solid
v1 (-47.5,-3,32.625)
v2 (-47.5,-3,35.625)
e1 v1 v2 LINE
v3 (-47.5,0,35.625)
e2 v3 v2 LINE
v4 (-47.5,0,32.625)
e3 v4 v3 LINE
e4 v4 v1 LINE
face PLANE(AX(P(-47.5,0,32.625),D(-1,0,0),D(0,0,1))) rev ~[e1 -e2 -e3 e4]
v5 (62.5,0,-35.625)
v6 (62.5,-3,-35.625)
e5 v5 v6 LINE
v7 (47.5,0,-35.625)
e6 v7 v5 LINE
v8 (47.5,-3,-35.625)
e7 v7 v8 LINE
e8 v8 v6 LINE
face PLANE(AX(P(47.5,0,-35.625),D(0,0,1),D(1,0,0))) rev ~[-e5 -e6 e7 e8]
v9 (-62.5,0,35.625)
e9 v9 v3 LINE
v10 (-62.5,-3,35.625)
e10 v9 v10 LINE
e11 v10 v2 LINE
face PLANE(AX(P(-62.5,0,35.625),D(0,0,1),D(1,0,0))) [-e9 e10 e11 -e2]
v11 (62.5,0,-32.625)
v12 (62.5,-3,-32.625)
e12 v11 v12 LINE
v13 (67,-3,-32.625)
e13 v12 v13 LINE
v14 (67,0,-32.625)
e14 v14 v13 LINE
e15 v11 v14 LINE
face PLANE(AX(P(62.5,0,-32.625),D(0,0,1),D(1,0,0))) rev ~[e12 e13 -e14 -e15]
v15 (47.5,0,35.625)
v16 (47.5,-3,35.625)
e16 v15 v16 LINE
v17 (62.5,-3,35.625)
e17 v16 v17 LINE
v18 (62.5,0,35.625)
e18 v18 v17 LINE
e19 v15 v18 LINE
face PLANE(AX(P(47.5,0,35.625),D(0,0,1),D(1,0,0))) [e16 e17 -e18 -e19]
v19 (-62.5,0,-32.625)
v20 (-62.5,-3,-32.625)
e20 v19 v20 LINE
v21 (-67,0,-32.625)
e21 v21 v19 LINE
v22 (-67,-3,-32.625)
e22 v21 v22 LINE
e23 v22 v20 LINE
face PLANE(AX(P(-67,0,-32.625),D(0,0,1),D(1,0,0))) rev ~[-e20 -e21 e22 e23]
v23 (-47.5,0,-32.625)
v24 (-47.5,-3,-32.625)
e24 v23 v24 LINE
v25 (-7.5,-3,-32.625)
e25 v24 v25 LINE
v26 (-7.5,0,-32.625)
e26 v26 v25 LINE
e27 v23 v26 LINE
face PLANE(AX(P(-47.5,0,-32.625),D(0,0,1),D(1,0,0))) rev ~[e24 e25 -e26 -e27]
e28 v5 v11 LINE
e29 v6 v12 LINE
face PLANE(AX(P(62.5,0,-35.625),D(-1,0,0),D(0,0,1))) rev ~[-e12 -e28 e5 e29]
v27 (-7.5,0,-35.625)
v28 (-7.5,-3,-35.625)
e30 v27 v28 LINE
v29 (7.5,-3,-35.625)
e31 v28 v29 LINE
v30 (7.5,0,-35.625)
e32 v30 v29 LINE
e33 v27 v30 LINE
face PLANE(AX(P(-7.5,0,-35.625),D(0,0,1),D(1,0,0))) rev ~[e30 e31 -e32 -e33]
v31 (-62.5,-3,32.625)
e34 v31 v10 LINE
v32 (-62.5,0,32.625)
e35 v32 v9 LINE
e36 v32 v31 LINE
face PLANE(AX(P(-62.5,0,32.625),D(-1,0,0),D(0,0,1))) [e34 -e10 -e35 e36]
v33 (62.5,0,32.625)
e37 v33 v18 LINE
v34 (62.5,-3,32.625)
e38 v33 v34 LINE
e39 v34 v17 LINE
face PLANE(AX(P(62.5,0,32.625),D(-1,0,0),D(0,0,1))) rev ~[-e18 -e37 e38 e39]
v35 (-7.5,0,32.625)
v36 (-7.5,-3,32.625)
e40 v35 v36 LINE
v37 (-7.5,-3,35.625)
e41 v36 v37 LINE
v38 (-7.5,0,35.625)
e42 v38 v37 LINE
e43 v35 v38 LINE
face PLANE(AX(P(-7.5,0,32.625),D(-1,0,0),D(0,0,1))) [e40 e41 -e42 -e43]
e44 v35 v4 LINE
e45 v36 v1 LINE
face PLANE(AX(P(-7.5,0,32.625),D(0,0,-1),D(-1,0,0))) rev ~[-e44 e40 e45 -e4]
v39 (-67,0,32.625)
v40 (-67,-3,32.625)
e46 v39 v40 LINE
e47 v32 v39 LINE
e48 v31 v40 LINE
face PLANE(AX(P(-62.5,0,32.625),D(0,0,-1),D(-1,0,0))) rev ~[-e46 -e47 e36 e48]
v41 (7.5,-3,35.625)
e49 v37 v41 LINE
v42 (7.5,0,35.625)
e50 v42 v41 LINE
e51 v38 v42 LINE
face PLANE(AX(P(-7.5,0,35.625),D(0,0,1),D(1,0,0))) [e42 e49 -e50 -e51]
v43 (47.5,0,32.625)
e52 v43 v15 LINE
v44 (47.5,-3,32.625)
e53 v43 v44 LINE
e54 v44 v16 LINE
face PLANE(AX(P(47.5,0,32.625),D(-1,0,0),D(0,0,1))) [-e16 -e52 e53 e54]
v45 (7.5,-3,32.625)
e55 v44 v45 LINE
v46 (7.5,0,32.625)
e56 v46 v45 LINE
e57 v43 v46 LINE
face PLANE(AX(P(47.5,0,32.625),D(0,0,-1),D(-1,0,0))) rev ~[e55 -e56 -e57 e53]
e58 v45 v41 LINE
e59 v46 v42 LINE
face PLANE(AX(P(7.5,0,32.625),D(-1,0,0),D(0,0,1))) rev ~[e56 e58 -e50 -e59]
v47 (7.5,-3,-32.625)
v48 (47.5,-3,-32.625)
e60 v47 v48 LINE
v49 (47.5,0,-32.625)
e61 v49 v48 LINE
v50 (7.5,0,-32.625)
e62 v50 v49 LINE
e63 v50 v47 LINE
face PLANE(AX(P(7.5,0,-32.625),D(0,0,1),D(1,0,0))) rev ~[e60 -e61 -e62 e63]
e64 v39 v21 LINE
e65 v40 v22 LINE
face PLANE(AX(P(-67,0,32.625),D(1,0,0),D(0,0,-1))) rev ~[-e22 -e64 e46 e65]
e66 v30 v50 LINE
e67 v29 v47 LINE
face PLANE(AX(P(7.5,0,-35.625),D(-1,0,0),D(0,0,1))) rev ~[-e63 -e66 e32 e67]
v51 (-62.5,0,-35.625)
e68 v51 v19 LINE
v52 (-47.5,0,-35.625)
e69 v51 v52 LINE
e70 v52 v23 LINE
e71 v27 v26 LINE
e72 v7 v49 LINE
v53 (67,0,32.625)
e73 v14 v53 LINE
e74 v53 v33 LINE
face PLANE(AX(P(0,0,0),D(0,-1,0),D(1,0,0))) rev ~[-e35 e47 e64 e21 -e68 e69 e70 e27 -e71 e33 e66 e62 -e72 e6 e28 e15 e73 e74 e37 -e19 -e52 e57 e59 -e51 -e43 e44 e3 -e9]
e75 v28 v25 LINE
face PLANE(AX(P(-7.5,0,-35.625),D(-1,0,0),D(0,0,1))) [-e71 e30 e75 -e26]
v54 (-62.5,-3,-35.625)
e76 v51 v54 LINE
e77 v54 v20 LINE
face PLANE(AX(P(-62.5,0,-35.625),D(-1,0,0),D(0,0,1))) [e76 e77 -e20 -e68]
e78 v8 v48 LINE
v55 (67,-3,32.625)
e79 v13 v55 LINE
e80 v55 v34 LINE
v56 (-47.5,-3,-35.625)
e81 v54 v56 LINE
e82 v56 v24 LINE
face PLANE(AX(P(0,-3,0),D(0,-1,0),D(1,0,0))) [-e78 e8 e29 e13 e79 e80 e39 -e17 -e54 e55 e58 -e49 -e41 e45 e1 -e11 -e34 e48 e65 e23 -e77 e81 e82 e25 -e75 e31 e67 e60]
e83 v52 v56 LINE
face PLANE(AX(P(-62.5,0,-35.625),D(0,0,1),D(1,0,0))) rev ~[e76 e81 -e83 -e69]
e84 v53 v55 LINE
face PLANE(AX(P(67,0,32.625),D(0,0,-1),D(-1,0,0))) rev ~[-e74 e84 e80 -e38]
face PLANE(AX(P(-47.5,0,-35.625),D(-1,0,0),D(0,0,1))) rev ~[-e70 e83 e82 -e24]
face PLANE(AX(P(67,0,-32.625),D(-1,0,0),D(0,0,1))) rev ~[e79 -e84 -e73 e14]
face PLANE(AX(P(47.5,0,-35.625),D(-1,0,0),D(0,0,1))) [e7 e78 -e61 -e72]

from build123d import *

# Parameters (mm, degrees)
F0_W     = 15
F0_H     = 3
F1_DEPTH = 3


with BuildPart() as f1:
    # F0 (on Front) → F1 (new body)
    with BuildSketch(Plane.XZ):
        Polygon((-62.5, 32.625), (-67, 32.625), (-67, -32.625), (-62.5, -32.625), (-47.5, -32.625), (-7.5, -32.625), (7.5, -32.625), (47.5, -32.625), (62.5, -32.625), (67, -32.625), (67, 32.625), (62.5, 32.625), (47.5, 32.625), (7.5, 32.625), (-7.5, 32.625), (-47.5, 32.625), align=None)
        with Locations((-55, 34.125)):
            Rectangle(F0_W, F0_H)
        with Locations((-55, -34.125)):
            Rectangle(F0_W, F0_H)
        with Locations((0, 34.125)):
            Rectangle(F0_W, F0_H)
        with Locations((0, -34.125)):
            Rectangle(F0_W, F0_H)
        with Locations((55, 34.125)):
            Rectangle(F0_W, F0_H)
        with Locations((55, -34.125)):
            Rectangle(F0_W, F0_H)
    extrude(amount=F1_DEPTH)


solid = f1.part
